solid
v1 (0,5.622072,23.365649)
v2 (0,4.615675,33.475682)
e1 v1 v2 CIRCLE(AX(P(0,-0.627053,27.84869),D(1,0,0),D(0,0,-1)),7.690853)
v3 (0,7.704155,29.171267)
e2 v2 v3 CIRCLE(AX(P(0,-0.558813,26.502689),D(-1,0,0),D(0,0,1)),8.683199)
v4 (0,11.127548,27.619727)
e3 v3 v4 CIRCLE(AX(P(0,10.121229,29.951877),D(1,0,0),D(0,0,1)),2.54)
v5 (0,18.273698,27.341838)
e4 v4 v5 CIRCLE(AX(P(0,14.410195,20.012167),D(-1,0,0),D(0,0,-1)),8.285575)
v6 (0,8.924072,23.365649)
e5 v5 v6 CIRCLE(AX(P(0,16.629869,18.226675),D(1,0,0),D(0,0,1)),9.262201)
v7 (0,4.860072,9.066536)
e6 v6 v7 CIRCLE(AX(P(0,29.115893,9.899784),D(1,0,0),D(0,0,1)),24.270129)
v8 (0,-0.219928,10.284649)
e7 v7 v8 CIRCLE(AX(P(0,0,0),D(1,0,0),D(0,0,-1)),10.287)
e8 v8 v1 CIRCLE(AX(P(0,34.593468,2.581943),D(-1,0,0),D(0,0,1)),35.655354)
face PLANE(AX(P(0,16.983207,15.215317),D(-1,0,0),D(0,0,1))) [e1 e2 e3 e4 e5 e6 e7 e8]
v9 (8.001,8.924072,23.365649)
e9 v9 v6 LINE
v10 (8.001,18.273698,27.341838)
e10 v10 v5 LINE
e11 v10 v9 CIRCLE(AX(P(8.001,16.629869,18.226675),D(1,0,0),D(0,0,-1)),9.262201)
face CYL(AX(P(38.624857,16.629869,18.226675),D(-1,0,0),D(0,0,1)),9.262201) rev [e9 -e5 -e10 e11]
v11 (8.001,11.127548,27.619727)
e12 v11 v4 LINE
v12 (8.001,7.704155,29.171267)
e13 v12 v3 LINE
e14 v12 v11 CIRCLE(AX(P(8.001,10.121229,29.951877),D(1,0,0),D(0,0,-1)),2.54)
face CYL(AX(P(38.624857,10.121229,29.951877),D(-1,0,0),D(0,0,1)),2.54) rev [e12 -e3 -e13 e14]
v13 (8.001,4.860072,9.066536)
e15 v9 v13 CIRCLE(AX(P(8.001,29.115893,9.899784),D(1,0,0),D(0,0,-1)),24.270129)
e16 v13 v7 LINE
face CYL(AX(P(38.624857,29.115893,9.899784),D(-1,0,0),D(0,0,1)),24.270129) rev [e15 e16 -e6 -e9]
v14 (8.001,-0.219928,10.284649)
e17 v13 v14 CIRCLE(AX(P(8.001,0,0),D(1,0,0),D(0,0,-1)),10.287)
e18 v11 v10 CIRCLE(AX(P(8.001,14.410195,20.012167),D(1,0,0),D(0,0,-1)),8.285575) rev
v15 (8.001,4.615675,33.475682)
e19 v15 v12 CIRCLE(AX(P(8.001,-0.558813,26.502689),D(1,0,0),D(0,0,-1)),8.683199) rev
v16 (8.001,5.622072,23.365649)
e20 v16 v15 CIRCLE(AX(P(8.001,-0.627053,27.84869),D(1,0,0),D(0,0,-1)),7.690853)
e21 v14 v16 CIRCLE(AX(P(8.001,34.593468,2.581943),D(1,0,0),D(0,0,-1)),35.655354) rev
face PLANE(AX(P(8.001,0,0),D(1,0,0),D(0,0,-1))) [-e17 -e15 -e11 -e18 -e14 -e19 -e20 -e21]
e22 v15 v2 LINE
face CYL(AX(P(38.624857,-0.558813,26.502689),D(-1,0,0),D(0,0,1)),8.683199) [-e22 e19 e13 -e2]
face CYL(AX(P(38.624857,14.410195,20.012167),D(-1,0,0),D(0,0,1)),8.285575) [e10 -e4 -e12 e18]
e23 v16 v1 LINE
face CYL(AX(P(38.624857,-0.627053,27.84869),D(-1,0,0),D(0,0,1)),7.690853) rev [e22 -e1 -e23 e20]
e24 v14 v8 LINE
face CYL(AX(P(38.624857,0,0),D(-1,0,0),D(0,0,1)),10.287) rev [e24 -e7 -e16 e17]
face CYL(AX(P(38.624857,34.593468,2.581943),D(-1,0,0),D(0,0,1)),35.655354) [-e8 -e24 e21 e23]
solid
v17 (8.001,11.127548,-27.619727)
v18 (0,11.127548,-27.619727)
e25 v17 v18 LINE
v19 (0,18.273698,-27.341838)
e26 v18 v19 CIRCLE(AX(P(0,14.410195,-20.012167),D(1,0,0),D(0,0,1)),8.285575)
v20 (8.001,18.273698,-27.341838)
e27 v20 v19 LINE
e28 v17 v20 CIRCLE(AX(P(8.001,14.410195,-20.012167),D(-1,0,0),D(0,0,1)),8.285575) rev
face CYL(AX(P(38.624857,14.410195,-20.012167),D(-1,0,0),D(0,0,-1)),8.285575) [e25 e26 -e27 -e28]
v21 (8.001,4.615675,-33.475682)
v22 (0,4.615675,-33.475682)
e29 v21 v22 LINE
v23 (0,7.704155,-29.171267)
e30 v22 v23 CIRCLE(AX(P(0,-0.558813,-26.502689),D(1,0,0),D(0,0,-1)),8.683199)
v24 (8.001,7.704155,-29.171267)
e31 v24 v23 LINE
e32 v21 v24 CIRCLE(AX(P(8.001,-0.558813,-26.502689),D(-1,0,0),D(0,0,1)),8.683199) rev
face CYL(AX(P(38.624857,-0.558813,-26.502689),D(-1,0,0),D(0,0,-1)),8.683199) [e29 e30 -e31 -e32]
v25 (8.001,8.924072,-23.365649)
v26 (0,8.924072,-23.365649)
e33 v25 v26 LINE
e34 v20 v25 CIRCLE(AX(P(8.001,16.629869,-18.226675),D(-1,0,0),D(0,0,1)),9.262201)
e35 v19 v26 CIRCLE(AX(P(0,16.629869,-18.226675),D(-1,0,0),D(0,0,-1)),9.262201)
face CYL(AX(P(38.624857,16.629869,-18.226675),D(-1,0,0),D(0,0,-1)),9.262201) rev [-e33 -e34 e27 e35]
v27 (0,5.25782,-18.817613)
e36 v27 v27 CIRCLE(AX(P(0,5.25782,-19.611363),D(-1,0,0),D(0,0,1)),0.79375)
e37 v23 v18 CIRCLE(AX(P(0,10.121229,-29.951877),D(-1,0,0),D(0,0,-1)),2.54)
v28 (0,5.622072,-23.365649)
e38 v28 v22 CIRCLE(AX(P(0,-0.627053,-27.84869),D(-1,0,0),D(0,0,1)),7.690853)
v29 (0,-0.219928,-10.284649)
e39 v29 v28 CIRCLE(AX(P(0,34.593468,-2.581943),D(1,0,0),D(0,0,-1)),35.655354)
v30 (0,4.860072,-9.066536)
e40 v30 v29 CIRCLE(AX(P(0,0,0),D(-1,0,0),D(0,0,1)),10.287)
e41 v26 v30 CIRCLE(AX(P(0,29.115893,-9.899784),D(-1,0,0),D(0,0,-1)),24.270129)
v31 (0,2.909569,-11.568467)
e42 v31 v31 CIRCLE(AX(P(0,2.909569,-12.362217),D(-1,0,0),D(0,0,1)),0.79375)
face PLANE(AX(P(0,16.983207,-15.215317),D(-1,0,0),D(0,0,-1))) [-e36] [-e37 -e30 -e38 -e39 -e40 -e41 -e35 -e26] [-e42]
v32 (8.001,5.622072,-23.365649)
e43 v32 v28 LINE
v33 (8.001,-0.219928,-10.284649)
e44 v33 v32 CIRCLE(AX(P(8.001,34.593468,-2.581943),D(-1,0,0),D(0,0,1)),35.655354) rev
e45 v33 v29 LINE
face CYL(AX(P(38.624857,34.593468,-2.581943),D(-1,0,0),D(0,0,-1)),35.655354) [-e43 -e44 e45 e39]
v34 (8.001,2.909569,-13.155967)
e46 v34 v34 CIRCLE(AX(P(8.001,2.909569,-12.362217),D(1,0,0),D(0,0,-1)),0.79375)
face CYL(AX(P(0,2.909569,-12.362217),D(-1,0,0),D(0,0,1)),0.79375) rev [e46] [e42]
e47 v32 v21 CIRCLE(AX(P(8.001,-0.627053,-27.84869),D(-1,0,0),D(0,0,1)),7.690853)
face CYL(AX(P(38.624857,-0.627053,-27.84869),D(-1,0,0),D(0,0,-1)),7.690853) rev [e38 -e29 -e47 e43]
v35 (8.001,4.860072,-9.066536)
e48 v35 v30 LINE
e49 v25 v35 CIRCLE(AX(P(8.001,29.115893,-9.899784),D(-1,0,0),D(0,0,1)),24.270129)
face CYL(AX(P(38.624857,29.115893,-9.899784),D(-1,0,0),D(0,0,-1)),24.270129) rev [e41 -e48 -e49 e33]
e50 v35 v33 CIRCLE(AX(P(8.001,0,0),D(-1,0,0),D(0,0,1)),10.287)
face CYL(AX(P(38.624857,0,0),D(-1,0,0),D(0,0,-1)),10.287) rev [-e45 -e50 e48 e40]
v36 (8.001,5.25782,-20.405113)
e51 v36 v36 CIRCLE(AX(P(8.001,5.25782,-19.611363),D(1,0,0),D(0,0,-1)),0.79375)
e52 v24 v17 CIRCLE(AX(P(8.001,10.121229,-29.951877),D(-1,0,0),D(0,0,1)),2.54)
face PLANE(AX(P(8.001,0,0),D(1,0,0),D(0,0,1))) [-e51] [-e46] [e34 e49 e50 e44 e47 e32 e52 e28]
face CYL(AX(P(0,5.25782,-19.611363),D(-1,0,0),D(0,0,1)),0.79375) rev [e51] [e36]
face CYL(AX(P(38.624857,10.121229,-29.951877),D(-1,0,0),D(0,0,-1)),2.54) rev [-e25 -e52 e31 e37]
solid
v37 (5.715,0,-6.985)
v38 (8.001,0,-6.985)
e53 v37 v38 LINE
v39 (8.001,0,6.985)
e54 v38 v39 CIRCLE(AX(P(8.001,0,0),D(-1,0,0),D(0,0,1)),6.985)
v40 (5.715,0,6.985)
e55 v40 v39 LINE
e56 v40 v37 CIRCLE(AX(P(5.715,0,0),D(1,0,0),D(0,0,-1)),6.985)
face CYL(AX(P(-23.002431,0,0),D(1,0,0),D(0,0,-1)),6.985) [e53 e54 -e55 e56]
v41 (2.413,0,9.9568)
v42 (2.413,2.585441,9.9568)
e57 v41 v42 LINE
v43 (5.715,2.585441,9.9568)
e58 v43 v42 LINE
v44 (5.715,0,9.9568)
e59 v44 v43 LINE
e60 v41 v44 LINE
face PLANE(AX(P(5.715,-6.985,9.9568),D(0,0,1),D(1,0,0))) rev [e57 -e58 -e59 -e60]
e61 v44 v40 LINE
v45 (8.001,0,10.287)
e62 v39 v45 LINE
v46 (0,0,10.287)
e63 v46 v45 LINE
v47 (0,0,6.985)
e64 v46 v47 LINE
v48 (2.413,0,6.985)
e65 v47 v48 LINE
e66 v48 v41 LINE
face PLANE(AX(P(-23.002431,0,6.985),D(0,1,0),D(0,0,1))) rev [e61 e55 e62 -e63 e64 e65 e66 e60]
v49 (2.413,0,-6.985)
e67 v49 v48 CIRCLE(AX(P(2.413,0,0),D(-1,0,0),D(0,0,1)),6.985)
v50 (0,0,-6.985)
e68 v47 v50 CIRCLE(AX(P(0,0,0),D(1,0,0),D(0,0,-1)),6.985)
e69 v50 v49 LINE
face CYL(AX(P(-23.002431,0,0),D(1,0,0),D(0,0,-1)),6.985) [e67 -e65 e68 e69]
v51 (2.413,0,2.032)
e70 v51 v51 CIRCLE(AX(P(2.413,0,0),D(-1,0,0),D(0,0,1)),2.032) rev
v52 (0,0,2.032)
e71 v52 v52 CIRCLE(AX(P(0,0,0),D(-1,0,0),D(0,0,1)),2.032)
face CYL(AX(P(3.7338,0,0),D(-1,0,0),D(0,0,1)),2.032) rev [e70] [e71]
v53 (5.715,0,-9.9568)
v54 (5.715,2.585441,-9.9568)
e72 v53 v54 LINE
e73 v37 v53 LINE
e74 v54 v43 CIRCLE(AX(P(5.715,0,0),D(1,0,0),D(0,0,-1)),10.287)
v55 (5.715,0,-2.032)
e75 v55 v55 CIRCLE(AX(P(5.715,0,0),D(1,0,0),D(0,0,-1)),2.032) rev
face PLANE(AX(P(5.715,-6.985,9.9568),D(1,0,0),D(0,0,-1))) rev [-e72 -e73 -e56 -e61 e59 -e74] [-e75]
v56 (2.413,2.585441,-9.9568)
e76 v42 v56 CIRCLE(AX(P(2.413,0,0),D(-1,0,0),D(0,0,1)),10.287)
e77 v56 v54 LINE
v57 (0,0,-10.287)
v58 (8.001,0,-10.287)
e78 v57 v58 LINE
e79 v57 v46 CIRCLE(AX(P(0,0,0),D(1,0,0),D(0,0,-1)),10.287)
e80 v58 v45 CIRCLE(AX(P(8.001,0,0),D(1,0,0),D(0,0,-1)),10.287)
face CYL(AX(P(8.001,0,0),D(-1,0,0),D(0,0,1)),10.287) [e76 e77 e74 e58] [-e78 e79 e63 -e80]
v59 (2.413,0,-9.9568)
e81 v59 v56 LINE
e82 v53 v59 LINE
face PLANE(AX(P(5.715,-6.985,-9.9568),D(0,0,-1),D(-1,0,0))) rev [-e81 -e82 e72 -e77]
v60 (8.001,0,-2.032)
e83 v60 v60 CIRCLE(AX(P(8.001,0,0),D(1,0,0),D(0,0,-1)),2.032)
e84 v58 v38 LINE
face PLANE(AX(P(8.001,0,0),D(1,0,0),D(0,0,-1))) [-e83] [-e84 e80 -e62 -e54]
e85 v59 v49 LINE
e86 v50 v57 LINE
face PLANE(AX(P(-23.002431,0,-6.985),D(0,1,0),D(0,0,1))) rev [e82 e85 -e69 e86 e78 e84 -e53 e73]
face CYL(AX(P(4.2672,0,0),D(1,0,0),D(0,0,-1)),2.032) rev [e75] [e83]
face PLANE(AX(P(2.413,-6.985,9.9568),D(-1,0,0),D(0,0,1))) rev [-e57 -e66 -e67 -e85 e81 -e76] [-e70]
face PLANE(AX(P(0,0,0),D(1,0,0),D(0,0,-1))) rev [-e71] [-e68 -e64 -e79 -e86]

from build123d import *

# Parameters (mm, degrees)
SKETCH1_R                               = 10.287
BOSS_EXTRUDE1_DEPTH                     = 8.001
SKETCH2_R                               = 2.032
CUT_EXTRUDE1_DEPTH                      = 3.7338
CUT_EXTRUDE2_START                      = -3.7338
SKETCH3_R                               = 2.032
CUT_EXTRUDE2_DEPTH                      = 3.7338
BOSS_EXTRUDE2_DEPTH                     = 8.001
CUT_EXTRUDE3_START                      = -8.001
CUT_EXTRUDE3_DEPTH                      = 8.001
SKETCH6_W                               = 3.302
SKETCH6_H                               = 19.9136
CUT_EXTRUDE4_DEPTH                      = 39.509209906
F_1_16_0_0625_DIAMETER_HOLE1_AT_2_COUNT = 2
F_1_16_0_0625_DIAMETER_HOLE1_AT_2_PITCH = 7.62


with BuildPart() as part:
    # Sketch1 → Boss-Extrude1 (new body)
    with BuildSketch(Plane(origin=(0, 0, 0), x_dir=(0, 0, -1), z_dir=(1, 0, 0))):
        Circle(SKETCH1_R)
    extrude(amount=BOSS_EXTRUDE1_DEPTH)

    # Sketch2 → Cut-Extrude1 (cut)
    with BuildSketch(Plane(origin=(8.001, 0, 0), x_dir=(0, 0, -1), z_dir=(1, 0, 0))):
        Circle(SKETCH2_R)
    extrude(amount=-CUT_EXTRUDE1_DEPTH, mode=Mode.SUBTRACT)

    # Sketch3 → Cut-Extrude2 (cut)
    with BuildSketch(Plane.ZY.offset(CUT_EXTRUDE2_START)):
        with Locations(Location((0, 0, 0), (0, 0, 180))):
            Circle(SKETCH3_R)
    extrude(amount=CUT_EXTRUDE2_DEPTH, mode=Mode.SUBTRACT)

    # Sketch5 → Cut-Extrude3 (cut)
    with BuildSketch(Plane(origin=(8.001, 0, 0), x_dir=(0, 0, -1), z_dir=(1, 0, 0)).offset(CUT_EXTRUDE3_START)):
        with BuildLine():
            Line((-6.985, 0), (-10.287, 0))
            ThreePointArc((-10.287, 0), (0, -10.287), (10.287, 0))
            Line((10.287, 0), (6.985, 0))
            ThreePointArc((6.985, 0), (0, -6.985), (-6.985, 0))
        make_face()
    extrude(amount=CUT_EXTRUDE3_DEPTH, mode=Mode.SUBTRACT)

    # Sketch6 → Cut-Extrude4 (cut, through all)
    with BuildSketch(Plane(origin=(0, 10.287, 0), x_dir=(1, 0, 0), z_dir=(0, 1, 0))):
        with Locations((4.064, 0)):
            Rectangle(SKETCH6_W, SKETCH6_H)
    extrude(amount=-CUT_EXTRUDE4_DEPTH, mode=Mode.SUBTRACT)


with BuildPart() as body_2:
    # Sketch4 → Boss-Extrude2 (new body)
    with BuildSketch(Plane.ZY):
        with BuildLine():
            ThreePointArc((9.066535783, 4.860071799), (10.003433712, 2.398683591), (10.284648783, -0.219928201))
            ThreePointArc((10.284648783, -0.219928201), (17.121583704, 2.037315344), (23.365648783, 5.622071799))
            ThreePointArc((23.365648783, 5.622071799), (28.610506662, 7.025976389), (33.475681659, 4.615674643))
            ThreePointArc((33.475681659, 4.615674643), (31.564768671, 6.496206487), (29.171267322, 7.704155061))
            ThreePointArc((29.171267322, 7.704155061), (27.638389928, 9.072717296), (27.619726913, 11.127547555))
            ThreePointArc((27.619726913, 11.127547555), (28.291483716, 14.73214833), (27.341838119, 18.273698442))
            ThreePointArc((27.341838119, 18.273698442), (26.750112425, 13.005040292), (23.365648783, 8.924071799))
            ThreePointArc((23.365648783, 8.924071799), (16.53490074, 5.770349813), (9.066535783, 4.860071799))
        make_face()
    extrude(amount=-BOSS_EXTRUDE2_DEPTH)


with BuildPart() as body_3:
    # Mirror3: mirrored copy
    add(body_2.part.mirror(Plane.XY))

    # Sketch9 → 1/16 (0.0625) Diameter Hole1 (revolve, cut)
    with BuildSketch(Plane(origin=(0, 2.909568803, -12.362217009), x_dir=(0, 0, 1), z_dir=(0, 1, 0))):
        Polygon((0, 0), (0, 70.580933116), (0.79375, 70.104), (0.79375, 0), align=None)
    f_1_16_0_0625_diameter_hole1 = revolve(axis=Axis((-6.35, 2.909568803, -12.362217009), (1, 0, 0)), mode=Mode.SUBTRACT)

    # 1/16 (0.0625) Diameter Hole1 at 2: 1/16 (0.0625) Diameter Hole1 ×2
    with Locations(*[Vector(0, 0.30816938901422175, -0.9513315025135041) * (i * F_1_16_0_0625_DIAMETER_HOLE1_AT_2_PITCH) for i in range(1, F_1_16_0_0625_DIAMETER_HOLE1_AT_2_COUNT)]):
        add(f_1_16_0_0625_diameter_hole1, mode=Mode.SUBTRACT)


solid = Compound([part.part, body_2.part, body_3.part])
